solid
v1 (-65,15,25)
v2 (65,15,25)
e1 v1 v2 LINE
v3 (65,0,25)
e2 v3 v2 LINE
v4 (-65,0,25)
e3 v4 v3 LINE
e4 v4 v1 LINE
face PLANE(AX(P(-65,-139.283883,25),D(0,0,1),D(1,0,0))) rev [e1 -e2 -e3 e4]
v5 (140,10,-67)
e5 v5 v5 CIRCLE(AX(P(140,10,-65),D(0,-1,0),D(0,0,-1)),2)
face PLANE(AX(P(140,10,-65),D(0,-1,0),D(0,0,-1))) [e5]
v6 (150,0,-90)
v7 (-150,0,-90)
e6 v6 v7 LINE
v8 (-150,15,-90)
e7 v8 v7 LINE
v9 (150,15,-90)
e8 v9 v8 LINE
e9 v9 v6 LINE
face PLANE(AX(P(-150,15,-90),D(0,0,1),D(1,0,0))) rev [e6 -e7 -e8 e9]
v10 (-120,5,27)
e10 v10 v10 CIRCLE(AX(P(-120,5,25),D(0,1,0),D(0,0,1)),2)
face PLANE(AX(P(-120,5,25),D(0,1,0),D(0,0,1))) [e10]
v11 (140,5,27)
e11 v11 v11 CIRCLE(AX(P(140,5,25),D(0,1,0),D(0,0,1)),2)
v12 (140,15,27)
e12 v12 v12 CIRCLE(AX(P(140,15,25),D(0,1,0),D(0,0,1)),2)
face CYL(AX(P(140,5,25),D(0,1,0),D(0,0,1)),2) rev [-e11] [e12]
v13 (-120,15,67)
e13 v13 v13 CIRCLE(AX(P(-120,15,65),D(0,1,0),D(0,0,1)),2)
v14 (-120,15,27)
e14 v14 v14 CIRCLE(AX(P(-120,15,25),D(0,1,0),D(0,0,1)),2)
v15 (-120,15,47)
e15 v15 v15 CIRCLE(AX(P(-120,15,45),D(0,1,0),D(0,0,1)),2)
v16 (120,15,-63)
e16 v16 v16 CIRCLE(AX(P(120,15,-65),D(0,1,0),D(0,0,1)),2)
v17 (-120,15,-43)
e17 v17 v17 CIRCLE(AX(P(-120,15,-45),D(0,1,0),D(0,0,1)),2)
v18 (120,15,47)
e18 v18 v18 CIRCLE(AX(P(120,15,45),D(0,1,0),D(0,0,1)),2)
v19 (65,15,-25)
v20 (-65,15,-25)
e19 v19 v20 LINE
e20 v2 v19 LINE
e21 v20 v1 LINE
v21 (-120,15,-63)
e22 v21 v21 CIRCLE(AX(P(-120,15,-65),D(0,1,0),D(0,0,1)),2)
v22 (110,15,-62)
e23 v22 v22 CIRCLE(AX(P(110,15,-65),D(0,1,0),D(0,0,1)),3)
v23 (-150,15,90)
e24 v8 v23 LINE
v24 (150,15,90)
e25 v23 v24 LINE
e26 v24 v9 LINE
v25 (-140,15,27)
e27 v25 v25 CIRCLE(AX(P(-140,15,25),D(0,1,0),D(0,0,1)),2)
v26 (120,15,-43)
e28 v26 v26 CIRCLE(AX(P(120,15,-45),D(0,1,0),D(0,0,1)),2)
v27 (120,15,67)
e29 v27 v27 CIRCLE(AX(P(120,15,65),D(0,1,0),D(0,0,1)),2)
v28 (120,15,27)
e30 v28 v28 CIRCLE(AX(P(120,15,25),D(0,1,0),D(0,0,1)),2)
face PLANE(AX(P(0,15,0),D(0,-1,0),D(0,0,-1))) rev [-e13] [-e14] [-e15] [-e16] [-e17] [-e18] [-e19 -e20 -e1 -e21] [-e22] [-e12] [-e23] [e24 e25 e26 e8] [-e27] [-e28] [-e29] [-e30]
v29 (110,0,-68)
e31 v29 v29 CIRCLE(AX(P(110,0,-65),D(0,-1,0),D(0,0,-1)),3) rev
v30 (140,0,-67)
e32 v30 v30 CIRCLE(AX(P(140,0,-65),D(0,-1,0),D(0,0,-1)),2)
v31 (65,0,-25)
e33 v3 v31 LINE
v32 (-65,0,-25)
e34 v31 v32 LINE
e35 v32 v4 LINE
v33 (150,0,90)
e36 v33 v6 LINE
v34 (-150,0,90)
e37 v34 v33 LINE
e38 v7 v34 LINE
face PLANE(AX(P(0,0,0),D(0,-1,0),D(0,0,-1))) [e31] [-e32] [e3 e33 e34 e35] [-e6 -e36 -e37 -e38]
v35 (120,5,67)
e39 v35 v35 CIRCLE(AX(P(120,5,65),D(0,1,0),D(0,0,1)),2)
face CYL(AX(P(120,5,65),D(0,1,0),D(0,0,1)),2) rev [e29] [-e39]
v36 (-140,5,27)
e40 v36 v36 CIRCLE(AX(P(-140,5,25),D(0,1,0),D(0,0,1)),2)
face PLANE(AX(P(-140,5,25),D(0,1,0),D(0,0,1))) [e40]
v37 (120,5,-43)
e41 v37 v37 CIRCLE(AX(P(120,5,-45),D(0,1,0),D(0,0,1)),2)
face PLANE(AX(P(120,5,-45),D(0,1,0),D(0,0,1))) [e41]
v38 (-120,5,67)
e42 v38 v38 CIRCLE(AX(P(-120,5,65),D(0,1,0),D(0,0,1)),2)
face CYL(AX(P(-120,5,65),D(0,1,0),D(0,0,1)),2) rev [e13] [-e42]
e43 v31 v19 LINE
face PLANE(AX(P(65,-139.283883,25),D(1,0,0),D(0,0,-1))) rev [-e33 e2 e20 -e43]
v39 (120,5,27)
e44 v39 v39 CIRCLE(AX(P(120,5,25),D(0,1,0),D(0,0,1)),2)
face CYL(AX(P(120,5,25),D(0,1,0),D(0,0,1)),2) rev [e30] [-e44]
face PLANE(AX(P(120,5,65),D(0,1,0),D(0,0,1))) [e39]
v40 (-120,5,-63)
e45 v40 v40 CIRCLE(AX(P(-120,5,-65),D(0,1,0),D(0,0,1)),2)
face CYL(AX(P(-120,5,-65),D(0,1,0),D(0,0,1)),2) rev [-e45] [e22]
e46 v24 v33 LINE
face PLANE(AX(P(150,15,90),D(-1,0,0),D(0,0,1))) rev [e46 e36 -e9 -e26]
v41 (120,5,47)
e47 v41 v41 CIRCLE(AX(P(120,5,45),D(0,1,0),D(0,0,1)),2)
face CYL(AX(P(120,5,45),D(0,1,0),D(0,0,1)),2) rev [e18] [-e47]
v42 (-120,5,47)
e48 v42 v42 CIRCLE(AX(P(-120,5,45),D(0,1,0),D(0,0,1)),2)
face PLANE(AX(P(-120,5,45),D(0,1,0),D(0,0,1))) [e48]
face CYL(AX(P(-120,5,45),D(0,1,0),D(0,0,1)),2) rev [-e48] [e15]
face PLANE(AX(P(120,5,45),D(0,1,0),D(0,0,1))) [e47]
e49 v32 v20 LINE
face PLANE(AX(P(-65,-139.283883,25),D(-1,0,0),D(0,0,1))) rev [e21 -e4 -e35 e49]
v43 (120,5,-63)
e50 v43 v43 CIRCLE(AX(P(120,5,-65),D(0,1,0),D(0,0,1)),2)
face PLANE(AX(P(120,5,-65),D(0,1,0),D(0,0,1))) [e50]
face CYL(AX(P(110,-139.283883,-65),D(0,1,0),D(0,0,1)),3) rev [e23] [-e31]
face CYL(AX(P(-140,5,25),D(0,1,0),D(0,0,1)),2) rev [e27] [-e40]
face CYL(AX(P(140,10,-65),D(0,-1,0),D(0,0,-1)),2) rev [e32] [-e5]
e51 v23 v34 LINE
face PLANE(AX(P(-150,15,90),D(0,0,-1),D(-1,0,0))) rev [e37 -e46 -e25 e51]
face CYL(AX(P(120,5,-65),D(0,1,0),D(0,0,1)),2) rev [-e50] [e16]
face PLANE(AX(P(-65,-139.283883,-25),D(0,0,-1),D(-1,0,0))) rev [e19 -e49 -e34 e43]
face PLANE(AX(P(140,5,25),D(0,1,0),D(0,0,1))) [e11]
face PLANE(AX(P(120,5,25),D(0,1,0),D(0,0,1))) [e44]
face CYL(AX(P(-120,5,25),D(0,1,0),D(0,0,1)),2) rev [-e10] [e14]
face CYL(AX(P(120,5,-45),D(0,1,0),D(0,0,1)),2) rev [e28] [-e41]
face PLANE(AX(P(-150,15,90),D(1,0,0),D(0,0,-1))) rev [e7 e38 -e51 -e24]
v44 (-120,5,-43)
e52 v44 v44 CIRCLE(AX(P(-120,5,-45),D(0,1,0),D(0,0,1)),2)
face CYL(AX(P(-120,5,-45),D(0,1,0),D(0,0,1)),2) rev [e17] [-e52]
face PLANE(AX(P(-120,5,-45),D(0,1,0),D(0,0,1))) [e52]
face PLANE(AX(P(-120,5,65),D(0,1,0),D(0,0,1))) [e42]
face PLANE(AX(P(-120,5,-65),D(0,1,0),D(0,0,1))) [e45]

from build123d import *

# Parameters (mm, degrees)
CROQUIS1_W              = 300
CROQUIS1_H              = 180
SALIENTE_EXTRUIR1_DEPTH = 15
CROQUIS2_R              = 2
CORTAR_EXTRUIR1_DEPTH   = 10
CROQUIS3_R              = 3
CROQUIS3_W              = 130
CROQUIS3_H              = 50
CORTAR_EXTRUIR2_DEPTH   = 15
CROQUIS4_R              = 2
CORTAR_EXTRUIR3_DEPTH   = 10


with BuildPart() as part:
    # Croquis1 → Saliente-Extruir1 (new body)
    with BuildSketch(Plane(origin=(0, 0, 0), x_dir=(1, 0, 0), z_dir=(0, 1, 0))):
        Rectangle(CROQUIS1_W, CROQUIS1_H)
    extrude(amount=SALIENTE_EXTRUIR1_DEPTH)

    # Croquis2 → Cortar-Extruir1 (cut)
    with BuildSketch(Plane(origin=(0, 15, 0), x_dir=(1, 0, 0), z_dir=(0, 1, 0))):
        with Locations(Location((-120, -45, 0), (0, 0, 270))):
            Circle(CROQUIS2_R)
        with Locations(Location((-120, -65, 0), (0, 0, 270))):
            Circle(CROQUIS2_R)
        with Locations(Location((120, -45, 0), (0, 0, 270))):
            Circle(CROQUIS2_R)
        with Locations(Location((120, -65, 0), (0, 0, 270))):
            Circle(CROQUIS2_R)
        with Locations(Location((-140, -25, 0), (0, 0, 270))):
            Circle(CROQUIS2_R)
        with Locations(Location((-120, -25, 0), (0, 0, 270))):
            Circle(CROQUIS2_R)
        with Locations(Location((120, -25, 0), (0, 0, 270))):
            Circle(CROQUIS2_R)
        with Locations(Location((140, -25, 0), (0, 0, 270))):
            Circle(CROQUIS2_R)
        with Locations(Location((-120, 65, 0), (0, 0, 270))):
            Circle(CROQUIS2_R)
        with Locations(Location((-120, 45, 0), (0, 0, 270))):
            Circle(CROQUIS2_R)
        with Locations(Location((120, 45, 0), (0, 0, 270))):
            Circle(CROQUIS2_R)
        with Locations(Location((120, 65, 0), (0, 0, 270))):
            Circle(CROQUIS2_R)
    extrude(amount=-CORTAR_EXTRUIR1_DEPTH, mode=Mode.SUBTRACT)

    # Croquis3 → Cortar-Extruir2 (cut)
    with BuildSketch(Plane(origin=(0, 15, 0), x_dir=(1, 0, 0), z_dir=(0, 1, 0))):
        with Locations(Location((110, 65, 0), (0, 0, 270))):
            Circle(CROQUIS3_R)
        Rectangle(CROQUIS3_W, CROQUIS3_H)
    extrude(amount=-CORTAR_EXTRUIR2_DEPTH, mode=Mode.SUBTRACT)

    # Croquis4 → Cortar-Extruir3 (cut)
    with BuildSketch(Plane.XZ):
        with Locations(Location((140, -65, 0), (0, 0, 270))):
            Circle(CROQUIS4_R)
    extrude(amount=-CORTAR_EXTRUIR3_DEPTH, mode=Mode.SUBTRACT)


solid = part.part
